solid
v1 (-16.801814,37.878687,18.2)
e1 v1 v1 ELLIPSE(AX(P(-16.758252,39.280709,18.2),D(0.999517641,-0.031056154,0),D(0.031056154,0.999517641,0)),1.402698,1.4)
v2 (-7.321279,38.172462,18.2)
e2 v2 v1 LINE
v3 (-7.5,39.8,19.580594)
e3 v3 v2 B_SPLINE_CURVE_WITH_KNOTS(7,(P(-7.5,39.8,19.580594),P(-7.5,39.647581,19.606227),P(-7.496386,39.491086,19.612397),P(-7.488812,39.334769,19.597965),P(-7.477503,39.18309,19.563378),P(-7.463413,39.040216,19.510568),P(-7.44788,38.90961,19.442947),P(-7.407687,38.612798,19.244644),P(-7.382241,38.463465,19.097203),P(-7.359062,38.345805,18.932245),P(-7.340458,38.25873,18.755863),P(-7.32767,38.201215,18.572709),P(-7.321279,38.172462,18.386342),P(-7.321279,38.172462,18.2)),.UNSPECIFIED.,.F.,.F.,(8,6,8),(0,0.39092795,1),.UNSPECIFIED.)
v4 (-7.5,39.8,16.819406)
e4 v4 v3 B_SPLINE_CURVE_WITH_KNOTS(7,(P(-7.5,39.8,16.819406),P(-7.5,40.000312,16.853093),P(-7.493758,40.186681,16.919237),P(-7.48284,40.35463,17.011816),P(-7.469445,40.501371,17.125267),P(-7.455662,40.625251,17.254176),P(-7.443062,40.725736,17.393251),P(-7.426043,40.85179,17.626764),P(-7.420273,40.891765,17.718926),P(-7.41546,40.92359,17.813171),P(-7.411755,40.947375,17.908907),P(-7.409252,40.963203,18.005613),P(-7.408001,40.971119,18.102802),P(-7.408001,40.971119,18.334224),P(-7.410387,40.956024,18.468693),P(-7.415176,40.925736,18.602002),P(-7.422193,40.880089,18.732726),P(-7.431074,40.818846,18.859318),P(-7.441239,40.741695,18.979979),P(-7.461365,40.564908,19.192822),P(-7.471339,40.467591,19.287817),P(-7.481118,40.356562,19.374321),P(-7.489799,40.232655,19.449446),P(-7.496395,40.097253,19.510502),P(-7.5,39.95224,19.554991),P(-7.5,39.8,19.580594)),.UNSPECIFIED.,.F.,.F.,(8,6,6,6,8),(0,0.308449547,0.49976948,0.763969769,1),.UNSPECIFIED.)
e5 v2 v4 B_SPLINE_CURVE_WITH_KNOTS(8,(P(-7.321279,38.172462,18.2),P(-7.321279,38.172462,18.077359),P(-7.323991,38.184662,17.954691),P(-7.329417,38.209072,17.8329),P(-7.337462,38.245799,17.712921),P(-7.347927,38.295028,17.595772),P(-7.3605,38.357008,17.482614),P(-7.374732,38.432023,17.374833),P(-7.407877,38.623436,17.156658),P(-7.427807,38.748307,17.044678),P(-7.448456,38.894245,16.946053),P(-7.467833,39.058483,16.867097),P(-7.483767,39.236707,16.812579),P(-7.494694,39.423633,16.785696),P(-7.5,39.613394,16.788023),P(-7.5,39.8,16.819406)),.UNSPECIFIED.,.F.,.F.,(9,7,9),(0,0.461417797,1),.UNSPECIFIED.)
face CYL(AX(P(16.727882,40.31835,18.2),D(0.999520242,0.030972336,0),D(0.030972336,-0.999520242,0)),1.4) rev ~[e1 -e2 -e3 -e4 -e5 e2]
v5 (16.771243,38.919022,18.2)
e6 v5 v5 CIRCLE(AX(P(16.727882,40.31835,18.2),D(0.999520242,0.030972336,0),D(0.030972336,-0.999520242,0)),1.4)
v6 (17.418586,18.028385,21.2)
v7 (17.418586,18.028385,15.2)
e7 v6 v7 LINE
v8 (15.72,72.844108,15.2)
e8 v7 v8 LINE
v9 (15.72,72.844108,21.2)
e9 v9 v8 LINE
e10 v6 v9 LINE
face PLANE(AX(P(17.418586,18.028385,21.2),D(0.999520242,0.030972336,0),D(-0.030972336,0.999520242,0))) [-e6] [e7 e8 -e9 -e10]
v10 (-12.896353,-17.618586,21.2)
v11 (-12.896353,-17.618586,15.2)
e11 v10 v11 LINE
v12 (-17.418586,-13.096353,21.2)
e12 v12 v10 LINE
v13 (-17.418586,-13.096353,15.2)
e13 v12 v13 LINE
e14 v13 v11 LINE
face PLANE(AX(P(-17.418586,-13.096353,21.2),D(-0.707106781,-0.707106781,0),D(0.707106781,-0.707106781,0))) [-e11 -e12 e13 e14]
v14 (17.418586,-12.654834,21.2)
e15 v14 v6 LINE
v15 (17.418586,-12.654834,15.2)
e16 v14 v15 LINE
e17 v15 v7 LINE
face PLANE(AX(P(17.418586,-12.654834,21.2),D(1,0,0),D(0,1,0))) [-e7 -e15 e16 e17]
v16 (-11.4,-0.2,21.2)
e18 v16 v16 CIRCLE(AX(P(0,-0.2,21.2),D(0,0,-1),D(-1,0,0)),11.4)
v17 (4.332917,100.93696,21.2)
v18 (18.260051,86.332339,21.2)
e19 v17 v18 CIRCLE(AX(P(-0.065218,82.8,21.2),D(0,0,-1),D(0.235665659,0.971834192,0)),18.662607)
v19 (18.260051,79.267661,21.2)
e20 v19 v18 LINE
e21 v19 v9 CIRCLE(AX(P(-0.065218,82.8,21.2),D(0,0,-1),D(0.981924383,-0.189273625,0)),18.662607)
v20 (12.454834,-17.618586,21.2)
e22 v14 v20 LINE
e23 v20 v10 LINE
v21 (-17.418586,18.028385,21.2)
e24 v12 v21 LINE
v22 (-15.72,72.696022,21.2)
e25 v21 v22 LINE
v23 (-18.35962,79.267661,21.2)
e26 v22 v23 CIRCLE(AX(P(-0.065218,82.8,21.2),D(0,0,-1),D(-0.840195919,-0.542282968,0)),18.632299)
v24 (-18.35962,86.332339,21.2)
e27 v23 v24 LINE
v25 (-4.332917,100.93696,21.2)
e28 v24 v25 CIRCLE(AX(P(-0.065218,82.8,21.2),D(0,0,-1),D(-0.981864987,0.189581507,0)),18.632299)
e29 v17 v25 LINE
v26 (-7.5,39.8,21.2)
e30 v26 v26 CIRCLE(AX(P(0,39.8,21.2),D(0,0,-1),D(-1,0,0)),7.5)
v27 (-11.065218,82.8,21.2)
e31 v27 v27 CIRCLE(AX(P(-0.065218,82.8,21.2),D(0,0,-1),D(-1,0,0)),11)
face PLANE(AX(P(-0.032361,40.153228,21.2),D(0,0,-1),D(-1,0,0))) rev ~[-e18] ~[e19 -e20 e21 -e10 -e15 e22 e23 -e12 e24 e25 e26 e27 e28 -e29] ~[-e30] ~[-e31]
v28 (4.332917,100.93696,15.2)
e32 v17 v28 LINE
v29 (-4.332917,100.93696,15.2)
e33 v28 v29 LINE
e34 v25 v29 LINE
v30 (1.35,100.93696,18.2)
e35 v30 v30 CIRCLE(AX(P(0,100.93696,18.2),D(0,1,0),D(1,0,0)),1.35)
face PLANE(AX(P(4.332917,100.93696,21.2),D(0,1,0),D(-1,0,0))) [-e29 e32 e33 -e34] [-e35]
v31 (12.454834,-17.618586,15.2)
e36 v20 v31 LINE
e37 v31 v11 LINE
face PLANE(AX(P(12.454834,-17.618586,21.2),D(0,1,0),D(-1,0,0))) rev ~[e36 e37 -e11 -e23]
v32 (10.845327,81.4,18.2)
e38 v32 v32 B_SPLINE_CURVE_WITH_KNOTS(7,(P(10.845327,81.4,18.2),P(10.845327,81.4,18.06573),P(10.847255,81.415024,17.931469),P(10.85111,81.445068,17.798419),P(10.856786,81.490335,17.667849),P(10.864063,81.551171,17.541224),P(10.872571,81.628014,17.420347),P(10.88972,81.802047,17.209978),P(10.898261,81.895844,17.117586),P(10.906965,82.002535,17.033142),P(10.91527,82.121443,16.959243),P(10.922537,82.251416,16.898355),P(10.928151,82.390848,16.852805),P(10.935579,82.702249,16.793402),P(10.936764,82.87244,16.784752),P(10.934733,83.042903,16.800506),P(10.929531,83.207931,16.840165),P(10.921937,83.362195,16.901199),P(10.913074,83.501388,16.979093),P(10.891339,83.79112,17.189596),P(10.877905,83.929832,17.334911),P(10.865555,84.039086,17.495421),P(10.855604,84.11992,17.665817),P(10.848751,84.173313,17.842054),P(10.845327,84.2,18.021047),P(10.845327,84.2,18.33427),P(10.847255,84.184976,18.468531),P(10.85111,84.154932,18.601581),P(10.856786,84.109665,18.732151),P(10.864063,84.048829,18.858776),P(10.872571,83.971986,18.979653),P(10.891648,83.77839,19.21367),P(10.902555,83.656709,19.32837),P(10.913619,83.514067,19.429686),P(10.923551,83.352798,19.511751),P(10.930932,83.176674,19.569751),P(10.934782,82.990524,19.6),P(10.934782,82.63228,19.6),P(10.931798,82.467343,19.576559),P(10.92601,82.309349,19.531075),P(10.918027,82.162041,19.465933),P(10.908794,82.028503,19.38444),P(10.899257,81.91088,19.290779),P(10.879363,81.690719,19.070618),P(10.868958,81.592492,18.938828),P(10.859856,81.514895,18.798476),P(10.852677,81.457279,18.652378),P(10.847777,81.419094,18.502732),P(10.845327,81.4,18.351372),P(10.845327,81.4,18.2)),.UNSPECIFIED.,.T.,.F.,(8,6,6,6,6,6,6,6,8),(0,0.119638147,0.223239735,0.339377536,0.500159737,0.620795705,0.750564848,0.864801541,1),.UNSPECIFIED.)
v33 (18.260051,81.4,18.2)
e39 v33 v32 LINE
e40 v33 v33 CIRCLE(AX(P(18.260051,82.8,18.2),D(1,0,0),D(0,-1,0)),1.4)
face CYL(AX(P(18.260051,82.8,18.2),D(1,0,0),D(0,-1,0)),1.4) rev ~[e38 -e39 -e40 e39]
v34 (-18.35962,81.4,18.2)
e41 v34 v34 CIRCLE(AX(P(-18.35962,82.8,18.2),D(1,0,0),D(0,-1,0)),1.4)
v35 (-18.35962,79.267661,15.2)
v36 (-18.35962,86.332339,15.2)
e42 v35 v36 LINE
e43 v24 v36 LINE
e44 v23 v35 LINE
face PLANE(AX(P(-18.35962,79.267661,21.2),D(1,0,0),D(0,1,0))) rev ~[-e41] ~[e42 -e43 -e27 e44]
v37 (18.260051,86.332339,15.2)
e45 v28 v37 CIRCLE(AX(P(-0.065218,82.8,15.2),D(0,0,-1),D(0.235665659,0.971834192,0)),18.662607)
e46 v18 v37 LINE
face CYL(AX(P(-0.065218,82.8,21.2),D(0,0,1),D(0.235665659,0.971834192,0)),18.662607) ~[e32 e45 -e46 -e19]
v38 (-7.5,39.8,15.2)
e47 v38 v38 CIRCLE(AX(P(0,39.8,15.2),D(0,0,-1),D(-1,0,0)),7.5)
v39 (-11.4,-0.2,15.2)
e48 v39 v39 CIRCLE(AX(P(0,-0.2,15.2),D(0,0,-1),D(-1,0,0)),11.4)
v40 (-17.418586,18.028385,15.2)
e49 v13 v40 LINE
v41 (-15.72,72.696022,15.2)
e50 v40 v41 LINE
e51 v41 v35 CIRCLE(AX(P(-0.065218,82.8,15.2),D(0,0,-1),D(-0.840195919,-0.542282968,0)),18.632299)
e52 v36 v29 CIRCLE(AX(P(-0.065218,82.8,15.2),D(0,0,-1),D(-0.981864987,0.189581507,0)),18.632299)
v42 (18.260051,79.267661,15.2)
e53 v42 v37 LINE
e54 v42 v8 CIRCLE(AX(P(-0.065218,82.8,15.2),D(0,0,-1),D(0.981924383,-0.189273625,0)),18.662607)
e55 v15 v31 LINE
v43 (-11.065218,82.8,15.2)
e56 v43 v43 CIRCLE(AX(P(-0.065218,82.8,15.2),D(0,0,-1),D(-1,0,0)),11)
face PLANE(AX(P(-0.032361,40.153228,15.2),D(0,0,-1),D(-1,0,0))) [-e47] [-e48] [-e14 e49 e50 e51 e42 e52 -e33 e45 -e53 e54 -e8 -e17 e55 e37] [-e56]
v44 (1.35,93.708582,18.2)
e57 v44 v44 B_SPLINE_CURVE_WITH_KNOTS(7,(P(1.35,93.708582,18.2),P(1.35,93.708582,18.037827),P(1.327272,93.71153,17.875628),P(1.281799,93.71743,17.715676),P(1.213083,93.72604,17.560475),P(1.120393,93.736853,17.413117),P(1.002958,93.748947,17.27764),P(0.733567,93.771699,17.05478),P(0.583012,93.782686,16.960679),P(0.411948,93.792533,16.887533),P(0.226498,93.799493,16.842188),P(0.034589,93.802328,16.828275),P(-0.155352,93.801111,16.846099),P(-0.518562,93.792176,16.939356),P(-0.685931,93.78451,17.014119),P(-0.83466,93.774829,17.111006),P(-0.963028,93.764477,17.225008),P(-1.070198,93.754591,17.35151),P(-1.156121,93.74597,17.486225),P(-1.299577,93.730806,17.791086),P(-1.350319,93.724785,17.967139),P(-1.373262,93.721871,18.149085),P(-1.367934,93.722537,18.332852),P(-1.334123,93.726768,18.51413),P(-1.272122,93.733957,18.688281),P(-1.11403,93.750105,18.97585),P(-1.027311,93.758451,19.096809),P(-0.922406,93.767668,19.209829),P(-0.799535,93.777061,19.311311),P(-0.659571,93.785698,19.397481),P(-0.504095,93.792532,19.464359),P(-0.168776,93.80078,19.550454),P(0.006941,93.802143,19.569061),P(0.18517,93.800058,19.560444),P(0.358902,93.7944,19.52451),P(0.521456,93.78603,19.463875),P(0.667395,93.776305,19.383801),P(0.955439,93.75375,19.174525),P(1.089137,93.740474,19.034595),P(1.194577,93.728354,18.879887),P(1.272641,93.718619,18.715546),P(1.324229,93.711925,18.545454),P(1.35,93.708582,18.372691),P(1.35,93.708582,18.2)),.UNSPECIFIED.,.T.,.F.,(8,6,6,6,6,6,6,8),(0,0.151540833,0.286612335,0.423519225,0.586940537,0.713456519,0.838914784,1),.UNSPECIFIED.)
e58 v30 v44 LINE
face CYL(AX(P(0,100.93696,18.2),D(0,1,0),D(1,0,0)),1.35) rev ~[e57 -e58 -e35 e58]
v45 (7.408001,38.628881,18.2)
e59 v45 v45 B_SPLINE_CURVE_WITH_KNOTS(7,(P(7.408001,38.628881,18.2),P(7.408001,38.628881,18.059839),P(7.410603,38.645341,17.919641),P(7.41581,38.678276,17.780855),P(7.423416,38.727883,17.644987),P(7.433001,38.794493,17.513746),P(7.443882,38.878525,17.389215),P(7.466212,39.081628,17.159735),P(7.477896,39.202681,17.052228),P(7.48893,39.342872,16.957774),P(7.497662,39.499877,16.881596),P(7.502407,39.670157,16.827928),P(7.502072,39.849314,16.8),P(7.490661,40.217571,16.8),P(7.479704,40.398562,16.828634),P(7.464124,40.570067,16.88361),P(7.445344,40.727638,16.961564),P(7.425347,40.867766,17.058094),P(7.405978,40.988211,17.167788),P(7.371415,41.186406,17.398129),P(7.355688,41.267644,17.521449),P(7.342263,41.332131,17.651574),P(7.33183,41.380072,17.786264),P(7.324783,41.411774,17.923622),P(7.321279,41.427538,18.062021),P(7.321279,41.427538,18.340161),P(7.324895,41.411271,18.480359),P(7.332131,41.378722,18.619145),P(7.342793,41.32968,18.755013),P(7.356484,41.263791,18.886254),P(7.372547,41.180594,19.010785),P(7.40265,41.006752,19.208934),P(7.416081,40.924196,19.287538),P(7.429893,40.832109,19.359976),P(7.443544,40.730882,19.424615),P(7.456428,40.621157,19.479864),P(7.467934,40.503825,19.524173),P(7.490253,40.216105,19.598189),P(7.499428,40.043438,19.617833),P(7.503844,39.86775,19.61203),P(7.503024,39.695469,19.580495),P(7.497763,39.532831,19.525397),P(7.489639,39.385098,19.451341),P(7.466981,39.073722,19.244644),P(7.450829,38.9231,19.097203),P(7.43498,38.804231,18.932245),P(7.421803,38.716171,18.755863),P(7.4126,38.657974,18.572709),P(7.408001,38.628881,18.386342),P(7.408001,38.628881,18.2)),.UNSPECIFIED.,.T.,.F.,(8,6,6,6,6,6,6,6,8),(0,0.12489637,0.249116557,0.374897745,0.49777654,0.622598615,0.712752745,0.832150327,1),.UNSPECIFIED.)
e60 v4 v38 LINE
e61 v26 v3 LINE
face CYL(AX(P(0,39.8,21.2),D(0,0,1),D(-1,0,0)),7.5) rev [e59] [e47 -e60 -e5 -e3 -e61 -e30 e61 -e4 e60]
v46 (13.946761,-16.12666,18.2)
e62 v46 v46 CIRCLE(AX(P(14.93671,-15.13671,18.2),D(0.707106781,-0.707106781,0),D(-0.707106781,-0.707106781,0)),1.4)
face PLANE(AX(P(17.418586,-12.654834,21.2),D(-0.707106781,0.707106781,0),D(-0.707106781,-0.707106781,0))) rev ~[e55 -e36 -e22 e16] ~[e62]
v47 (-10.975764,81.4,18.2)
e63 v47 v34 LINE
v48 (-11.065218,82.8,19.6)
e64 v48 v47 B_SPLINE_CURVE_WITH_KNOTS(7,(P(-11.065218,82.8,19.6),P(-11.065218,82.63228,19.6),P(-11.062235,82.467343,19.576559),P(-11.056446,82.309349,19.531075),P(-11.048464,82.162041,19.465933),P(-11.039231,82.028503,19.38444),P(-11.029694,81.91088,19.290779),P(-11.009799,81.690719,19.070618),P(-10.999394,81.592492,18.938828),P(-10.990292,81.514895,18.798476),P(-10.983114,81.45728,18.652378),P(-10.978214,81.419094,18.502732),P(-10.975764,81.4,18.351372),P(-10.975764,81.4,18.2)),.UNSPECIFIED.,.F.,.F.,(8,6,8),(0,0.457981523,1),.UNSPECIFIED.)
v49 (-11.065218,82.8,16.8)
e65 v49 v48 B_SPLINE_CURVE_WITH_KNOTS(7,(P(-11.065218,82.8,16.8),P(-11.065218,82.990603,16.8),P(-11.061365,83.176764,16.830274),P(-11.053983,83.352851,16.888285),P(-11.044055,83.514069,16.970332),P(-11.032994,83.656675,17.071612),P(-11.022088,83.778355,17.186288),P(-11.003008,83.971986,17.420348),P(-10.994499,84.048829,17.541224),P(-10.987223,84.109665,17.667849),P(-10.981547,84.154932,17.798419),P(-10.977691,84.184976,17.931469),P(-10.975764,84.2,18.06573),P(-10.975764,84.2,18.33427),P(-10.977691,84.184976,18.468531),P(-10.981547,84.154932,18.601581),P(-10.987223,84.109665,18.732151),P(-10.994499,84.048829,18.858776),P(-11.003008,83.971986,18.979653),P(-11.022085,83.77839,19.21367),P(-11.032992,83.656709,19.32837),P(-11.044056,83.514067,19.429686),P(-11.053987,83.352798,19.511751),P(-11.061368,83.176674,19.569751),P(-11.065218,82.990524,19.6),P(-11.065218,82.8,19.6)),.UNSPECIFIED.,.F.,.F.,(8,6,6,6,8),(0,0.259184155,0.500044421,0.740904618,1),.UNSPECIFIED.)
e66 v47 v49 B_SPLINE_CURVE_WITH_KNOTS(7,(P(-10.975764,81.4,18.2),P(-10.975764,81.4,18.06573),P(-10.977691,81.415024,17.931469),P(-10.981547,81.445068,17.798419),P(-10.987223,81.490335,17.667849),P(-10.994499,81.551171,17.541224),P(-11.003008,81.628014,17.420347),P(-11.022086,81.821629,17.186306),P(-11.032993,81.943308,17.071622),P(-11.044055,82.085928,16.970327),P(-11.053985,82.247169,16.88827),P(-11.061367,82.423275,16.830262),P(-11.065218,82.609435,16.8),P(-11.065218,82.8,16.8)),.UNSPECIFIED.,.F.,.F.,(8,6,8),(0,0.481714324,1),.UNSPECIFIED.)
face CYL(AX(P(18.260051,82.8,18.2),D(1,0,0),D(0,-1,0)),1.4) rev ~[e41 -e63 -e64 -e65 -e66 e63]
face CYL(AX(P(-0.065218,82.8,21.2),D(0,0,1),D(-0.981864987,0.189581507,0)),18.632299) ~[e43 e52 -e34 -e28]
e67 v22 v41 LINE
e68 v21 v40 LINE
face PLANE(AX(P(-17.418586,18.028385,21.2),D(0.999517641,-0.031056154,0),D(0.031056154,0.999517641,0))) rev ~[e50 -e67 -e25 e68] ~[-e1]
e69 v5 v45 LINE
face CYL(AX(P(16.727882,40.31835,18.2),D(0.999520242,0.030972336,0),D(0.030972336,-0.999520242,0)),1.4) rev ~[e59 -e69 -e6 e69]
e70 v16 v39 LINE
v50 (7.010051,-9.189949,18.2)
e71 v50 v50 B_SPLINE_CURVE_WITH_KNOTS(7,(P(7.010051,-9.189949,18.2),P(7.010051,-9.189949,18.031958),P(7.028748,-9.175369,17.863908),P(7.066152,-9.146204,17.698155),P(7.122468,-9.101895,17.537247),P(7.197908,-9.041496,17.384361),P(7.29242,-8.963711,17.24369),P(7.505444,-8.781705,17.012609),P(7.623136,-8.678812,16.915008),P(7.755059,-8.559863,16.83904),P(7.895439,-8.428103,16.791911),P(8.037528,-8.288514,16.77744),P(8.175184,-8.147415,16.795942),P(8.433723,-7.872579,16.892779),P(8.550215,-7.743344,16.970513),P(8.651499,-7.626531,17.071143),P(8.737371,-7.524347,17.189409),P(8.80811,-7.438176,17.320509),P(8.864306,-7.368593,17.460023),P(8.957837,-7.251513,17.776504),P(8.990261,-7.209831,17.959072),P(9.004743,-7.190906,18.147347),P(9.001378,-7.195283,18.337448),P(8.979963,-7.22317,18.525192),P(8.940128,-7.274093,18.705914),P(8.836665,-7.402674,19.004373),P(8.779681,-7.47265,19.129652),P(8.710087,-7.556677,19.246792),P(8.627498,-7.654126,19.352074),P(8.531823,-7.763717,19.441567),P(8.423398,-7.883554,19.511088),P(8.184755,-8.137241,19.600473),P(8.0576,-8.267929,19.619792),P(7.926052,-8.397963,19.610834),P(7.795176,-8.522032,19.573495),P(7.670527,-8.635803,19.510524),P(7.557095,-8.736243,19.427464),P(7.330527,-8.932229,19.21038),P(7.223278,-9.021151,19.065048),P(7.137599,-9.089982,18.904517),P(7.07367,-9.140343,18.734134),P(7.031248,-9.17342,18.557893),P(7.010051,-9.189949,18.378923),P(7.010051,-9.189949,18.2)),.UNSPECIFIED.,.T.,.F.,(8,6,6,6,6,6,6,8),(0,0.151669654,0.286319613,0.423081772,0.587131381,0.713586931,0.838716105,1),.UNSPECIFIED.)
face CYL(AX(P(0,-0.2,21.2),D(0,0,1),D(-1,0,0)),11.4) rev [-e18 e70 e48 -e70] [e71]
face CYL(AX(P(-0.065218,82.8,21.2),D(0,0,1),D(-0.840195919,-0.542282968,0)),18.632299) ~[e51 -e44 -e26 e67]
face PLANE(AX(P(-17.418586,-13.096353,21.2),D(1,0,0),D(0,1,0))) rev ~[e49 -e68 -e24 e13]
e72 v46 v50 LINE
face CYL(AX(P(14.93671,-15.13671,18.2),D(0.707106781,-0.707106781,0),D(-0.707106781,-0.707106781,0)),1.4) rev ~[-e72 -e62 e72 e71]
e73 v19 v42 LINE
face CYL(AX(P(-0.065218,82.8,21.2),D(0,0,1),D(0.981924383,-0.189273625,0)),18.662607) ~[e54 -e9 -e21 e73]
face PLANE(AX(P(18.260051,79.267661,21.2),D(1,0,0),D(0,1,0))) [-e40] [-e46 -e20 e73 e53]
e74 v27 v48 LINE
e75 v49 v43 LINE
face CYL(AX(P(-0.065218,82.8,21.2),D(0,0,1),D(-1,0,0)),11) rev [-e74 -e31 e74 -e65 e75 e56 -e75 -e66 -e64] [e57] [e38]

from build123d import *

# Parameters (mm, degrees)
SKETCH002_R          = 7.5
SKETCH002_R_2        = 11.4
SKETCH002_R_3        = 11
PAD002_DEPTH         = 6
SKETCH003_R          = 1.4
POCKET_DEPTH         = 20
SKETCH004_R          = 1.4
POCKET001_DEPTH      = 36.866111375
SKETCH005_R          = 1.4
POCKET002_DEPTH      = 36.6206712513
SKETCH006_R          = 1.35
POCKET003_DEPTH      = 10
BODY_PLACEMENT_ANGLE = 180


with BuildPart() as part:
    # Sketch002 → Pad002 (new body)
    with BuildSketch(Plane.XY):
        with BuildLine():
            Line((17.4185858621, -21.7716146623), (15.72, 32.8960215672))
            ThreePointArc((15.72, 32.8960215672), (17.3549083149, 36.0552761319), (18.3596204304, 39.4676606599))
            Line((18.3596204304, 39.4676606599), (18.3596204304, 46.5323393401))
            ThreePointArc((18.3596204304, 46.5323393401), (13.5034413002, 55.9064608862), (4.3329172916, 61.1369598984))
            Line((-4.3329172916, 61.1369598984), (4.3329172916, 61.1369598984))
            ThreePointArc((-4.3329172916, 61.1369598984), (-13.4407809455, 55.8794757058), (-18.2600508209, 46.5323393401))
            Line((-18.2600508209, 39.4676606599), (-18.2600508209, 46.5323393401))
            ThreePointArc((-18.2600508209, 39.4676606599), (-17.2898053647, 36.137342842), (-15.72, 33.0441076213))
            Line((-17.4185858621, -21.7716146623), (-15.72, 33.0441076213))
            Line((-17.4185858621, -52.4548343373), (-17.4185858621, -21.7716146623))
            Line((-17.4185858621, -52.4548343373), (-12.4548343373, -57.4185858621))
            Line((-12.4548343373, -57.4185858621), (12.8963534851, -57.4185858621))
            Line((17.4185858621, -52.8963534851), (12.8963534851, -57.4185858621))
            Line((17.4185858621, -52.8963534851), (17.4185858621, -21.7716146623))
        make_face()
        Circle(SKETCH002_R, mode=Mode.SUBTRACT)
        with Locations((0, -40)):
            Circle(SKETCH002_R_2, mode=Mode.SUBTRACT)
        with Locations((0.0652183529, 43)):
            Circle(SKETCH002_R_3, mode=Mode.SUBTRACT)
    extrude(amount=PAD002_DEPTH)

    # Sketch003 (on Face12 of Pad002) → Pocket (cut)
    with BuildSketch(Plane(origin=(-34.9367100997, -34.9367100997, 0), x_dir=(0.7071067812, -0.7071067812, 0), z_dir=(-0.7071067812, -0.7071067812, 0))):
        with Locations((28.2842712475, 3)):
            Circle(SKETCH003_R)
    extrude(amount=-POCKET_DEPTH, mode=Mode.SUBTRACT)

    # Sketch004 (on Face14 of Pocket) → Pocket001 (cut, through all)
    with BuildSketch(Plane(origin=(-16.7278822151, 0.5183502661, 0), x_dir=(-0.0309723357, -0.9995202421, 0), z_dir=(-0.9995202421, 0.0309723357, 0))):
        with Locations((0, 3)):
            Circle(SKETCH004_R)
    extrude(amount=-POCKET001_DEPTH, mode=Mode.SUBTRACT)

    # Sketch005 (on Face13 of Pocket001) → Pocket002 (cut, through all)
    with BuildSketch(Plane(origin=(-18.2600508209, 0, 0), x_dir=(0, -1, 0), z_dir=(-1, 0, 0))):
        with Locations((-43, 3)):
            Circle(SKETCH005_R)
    extrude(amount=-POCKET002_DEPTH, mode=Mode.SUBTRACT)

    # Sketch006 (on Face11 of Pocket002) → Pocket003 (cut)
    with BuildSketch(Plane(origin=(0, 61.1369598984, 0), x_dir=(-1, 0, 0), z_dir=(0, 1, 0))):
        with Locations((0, 3)):
            Circle(SKETCH006_R)
    extrude(amount=-POCKET003_DEPTH, mode=Mode.SUBTRACT)


with BuildPart() as part_1:
    # Body002 placement: moved
    add(part.part.moved(Location((0, 39.8, -51))))


with BuildPart() as part_2:
    # Body placement: moved
    add(part_1.part.moved(Location((0, 0, -29.8))).rotate(Axis((0, 0, -29.8), (0, 1, 0)), BODY_PLACEMENT_ANGLE))


solid = part_2.part
